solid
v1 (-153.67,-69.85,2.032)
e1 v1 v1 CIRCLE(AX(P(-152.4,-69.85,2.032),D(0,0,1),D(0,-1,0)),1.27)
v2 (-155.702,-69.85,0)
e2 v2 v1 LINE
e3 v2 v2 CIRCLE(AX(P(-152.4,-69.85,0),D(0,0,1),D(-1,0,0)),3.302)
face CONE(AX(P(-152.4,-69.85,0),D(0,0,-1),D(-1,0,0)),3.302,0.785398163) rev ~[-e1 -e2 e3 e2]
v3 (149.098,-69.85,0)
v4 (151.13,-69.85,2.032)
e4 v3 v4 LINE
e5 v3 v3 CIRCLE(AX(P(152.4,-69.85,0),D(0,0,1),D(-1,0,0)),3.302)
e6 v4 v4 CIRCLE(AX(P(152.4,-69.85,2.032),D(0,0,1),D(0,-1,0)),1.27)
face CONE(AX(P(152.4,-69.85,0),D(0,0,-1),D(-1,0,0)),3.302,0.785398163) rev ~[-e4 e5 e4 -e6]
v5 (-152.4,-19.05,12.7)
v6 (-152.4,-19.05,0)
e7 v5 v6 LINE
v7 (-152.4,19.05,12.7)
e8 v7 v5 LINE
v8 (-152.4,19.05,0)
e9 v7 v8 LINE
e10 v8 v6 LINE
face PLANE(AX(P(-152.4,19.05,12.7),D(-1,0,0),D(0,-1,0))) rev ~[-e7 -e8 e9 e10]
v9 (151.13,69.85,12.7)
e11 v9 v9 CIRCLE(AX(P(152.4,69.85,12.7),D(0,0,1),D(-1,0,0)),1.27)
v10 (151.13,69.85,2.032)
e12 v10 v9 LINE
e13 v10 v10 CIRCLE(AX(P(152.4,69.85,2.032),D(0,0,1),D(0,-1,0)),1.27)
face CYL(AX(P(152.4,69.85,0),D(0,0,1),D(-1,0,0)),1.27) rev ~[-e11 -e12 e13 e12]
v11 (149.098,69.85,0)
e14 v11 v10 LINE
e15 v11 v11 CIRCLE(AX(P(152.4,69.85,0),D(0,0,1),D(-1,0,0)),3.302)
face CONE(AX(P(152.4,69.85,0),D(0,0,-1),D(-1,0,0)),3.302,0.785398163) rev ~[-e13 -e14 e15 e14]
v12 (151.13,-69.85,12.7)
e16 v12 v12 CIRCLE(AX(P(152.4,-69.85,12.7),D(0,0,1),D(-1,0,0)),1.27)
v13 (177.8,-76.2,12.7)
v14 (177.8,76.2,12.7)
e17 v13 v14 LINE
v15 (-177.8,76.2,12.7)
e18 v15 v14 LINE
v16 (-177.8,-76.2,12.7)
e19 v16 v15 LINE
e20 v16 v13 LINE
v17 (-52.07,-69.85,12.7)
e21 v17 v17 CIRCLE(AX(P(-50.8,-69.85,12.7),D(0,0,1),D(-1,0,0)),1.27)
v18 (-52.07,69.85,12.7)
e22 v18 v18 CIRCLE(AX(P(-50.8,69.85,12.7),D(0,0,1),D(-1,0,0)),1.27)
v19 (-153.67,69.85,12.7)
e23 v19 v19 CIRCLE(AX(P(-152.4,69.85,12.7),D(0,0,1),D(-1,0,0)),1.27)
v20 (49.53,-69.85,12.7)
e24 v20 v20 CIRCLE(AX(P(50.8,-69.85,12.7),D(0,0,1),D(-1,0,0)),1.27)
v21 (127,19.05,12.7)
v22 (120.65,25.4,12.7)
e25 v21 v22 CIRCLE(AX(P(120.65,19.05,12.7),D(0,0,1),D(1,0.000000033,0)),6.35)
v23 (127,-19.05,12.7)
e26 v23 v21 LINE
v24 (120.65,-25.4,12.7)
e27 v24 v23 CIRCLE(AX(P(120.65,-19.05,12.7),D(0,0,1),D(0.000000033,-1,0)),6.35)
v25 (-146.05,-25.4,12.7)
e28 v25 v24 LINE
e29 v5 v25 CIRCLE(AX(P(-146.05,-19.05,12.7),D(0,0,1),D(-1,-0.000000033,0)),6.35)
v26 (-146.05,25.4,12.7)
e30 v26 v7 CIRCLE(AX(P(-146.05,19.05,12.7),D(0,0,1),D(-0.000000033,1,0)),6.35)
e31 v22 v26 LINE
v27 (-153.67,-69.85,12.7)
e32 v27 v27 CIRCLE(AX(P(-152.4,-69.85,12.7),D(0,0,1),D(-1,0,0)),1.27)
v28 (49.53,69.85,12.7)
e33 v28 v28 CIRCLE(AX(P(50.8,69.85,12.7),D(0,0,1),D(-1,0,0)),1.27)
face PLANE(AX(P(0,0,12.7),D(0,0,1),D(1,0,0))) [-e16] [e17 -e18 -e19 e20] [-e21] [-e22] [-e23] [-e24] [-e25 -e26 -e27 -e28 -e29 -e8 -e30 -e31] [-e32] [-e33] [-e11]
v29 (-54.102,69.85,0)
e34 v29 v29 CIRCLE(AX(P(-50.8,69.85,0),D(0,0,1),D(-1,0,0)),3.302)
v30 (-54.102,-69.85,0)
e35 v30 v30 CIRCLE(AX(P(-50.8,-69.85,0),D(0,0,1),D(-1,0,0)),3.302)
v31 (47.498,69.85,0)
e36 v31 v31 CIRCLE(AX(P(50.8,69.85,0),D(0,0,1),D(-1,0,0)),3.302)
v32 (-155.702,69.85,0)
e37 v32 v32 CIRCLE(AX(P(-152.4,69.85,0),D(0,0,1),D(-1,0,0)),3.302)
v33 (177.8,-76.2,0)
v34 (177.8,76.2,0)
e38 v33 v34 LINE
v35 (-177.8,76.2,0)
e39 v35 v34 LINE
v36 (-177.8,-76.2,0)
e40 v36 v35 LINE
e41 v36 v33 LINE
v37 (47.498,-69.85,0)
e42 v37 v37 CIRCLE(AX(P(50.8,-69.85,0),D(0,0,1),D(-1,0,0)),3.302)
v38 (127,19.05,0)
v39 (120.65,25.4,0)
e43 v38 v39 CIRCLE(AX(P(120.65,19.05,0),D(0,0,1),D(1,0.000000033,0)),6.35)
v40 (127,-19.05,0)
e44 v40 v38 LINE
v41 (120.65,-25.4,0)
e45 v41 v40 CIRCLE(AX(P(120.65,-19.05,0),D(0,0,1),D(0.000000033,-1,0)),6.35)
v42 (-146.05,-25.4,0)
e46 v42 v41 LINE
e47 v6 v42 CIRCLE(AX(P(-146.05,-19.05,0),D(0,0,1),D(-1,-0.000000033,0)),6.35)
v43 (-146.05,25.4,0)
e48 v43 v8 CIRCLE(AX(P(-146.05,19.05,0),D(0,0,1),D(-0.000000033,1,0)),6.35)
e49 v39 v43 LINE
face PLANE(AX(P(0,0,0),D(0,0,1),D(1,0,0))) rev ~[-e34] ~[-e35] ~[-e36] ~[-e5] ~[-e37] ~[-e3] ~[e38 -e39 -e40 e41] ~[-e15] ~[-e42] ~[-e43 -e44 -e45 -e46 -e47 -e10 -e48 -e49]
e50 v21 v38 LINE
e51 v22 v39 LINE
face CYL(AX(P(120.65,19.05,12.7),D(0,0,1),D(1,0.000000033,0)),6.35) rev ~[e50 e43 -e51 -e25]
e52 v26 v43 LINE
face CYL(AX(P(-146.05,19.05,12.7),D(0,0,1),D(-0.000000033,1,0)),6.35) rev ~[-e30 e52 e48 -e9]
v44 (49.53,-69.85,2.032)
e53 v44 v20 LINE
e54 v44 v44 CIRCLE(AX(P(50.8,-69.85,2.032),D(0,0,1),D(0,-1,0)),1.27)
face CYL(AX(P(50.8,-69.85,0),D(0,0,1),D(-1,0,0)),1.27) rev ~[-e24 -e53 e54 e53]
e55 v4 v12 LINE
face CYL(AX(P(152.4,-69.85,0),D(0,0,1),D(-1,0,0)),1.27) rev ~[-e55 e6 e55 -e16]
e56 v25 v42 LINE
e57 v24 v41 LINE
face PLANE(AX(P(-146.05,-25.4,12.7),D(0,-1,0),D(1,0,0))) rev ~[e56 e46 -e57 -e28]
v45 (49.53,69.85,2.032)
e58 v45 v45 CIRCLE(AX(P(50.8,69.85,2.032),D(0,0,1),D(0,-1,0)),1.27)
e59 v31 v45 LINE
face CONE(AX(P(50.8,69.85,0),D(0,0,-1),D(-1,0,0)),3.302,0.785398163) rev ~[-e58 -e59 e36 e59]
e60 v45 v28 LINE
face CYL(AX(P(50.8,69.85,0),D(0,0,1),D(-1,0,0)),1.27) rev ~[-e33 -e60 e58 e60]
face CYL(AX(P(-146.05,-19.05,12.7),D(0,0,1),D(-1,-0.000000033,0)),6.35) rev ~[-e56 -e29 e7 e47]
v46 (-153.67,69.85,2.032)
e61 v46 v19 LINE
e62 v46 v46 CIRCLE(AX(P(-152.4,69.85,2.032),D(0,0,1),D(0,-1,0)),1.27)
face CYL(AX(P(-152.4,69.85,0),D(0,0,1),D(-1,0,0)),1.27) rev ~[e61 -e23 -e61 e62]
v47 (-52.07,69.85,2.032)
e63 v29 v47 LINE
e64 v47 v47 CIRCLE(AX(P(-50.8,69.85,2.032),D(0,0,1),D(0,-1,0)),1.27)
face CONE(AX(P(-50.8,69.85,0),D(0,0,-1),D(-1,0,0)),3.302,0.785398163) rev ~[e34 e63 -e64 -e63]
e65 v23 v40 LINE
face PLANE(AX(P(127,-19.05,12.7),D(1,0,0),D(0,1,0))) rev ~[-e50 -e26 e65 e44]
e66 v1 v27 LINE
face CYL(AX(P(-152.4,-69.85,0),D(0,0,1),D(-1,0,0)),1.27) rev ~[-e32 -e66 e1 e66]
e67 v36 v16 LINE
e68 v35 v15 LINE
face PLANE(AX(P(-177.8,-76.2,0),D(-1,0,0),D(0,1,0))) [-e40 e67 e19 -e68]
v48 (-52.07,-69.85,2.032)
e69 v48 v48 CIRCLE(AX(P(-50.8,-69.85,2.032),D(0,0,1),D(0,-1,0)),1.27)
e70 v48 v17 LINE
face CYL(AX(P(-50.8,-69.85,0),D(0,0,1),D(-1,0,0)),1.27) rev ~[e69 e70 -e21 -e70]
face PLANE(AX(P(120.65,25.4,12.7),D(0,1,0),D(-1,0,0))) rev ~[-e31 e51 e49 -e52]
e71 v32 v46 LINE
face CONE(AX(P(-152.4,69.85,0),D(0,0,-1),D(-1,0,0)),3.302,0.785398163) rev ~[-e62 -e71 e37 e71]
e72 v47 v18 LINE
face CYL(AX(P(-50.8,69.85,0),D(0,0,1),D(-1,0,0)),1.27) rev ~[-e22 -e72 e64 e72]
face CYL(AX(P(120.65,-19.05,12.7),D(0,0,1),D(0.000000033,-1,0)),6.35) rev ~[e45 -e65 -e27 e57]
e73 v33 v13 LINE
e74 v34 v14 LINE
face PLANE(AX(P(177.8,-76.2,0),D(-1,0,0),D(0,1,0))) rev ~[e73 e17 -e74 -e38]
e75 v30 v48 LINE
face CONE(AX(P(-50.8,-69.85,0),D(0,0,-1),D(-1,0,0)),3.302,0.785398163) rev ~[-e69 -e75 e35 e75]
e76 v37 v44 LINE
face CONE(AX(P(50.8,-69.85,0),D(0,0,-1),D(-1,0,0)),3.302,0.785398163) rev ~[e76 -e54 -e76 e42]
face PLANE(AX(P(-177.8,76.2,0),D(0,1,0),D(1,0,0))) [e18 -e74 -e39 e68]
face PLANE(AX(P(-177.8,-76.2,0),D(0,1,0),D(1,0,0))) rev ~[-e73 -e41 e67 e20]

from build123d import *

# Parameters (mm, degrees)
F0_W           = 355.6
F0_H           = 152.4
F1_DEPTH       = 12.7
F3_DEPTH       = 12.701
F5_D           = 2.54
F5_CSINK_D     = 6.604
F5_CSINK_ANGLE = 90


with BuildPart() as f1:
    # F0 (on Top) → F1 (new body)
    with BuildSketch(Plane.XY):
        Rectangle(F0_W, F0_H)
    extrude(amount=F1_DEPTH)

    # F2 (on face) → F3 (cut, through all)
    with BuildSketch(Plane.XY.offset(12.7)):
        with BuildLine():
            Line((120.65, 25.4), (-146.05, 25.4))
            ThreePointArc((-146.05, 25.4), (-150.540128, 23.540128), (-152.4, 19.05))
            Line((-152.4, 19.05), (-152.4, -19.05))
            ThreePointArc((-152.4, -19.05), (-150.540128, -23.540128), (-146.05, -25.4))
            Line((-146.05, -25.4), (120.65, -25.4))
            ThreePointArc((120.65, -25.4), (125.140128, -23.540128), (127, -19.05))
            Line((127, -19.05), (127, 19.05))
            ThreePointArc((127, 19.05), (125.140128, 23.540128), (120.65, 25.4))
        make_face()
    extrude(amount=-F3_DEPTH, mode=Mode.SUBTRACT)

    # F5 (through all)
    with Locations(Plane(origin=(0, 0, 0), x_dir=(1, 0, 0), z_dir=(0, 0, -1))):
        with Locations((-152.4, 69.85), (-50.8, 69.85), (50.8, 69.85), (152.4, 69.85), (152.4, -69.85), (50.8, -69.85), (-50.8, -69.85), (-152.4, -69.85)):
            CounterSinkHole(F5_D / 2, F5_CSINK_D / 2, counter_sink_angle=F5_CSINK_ANGLE)


solid = f1.part
